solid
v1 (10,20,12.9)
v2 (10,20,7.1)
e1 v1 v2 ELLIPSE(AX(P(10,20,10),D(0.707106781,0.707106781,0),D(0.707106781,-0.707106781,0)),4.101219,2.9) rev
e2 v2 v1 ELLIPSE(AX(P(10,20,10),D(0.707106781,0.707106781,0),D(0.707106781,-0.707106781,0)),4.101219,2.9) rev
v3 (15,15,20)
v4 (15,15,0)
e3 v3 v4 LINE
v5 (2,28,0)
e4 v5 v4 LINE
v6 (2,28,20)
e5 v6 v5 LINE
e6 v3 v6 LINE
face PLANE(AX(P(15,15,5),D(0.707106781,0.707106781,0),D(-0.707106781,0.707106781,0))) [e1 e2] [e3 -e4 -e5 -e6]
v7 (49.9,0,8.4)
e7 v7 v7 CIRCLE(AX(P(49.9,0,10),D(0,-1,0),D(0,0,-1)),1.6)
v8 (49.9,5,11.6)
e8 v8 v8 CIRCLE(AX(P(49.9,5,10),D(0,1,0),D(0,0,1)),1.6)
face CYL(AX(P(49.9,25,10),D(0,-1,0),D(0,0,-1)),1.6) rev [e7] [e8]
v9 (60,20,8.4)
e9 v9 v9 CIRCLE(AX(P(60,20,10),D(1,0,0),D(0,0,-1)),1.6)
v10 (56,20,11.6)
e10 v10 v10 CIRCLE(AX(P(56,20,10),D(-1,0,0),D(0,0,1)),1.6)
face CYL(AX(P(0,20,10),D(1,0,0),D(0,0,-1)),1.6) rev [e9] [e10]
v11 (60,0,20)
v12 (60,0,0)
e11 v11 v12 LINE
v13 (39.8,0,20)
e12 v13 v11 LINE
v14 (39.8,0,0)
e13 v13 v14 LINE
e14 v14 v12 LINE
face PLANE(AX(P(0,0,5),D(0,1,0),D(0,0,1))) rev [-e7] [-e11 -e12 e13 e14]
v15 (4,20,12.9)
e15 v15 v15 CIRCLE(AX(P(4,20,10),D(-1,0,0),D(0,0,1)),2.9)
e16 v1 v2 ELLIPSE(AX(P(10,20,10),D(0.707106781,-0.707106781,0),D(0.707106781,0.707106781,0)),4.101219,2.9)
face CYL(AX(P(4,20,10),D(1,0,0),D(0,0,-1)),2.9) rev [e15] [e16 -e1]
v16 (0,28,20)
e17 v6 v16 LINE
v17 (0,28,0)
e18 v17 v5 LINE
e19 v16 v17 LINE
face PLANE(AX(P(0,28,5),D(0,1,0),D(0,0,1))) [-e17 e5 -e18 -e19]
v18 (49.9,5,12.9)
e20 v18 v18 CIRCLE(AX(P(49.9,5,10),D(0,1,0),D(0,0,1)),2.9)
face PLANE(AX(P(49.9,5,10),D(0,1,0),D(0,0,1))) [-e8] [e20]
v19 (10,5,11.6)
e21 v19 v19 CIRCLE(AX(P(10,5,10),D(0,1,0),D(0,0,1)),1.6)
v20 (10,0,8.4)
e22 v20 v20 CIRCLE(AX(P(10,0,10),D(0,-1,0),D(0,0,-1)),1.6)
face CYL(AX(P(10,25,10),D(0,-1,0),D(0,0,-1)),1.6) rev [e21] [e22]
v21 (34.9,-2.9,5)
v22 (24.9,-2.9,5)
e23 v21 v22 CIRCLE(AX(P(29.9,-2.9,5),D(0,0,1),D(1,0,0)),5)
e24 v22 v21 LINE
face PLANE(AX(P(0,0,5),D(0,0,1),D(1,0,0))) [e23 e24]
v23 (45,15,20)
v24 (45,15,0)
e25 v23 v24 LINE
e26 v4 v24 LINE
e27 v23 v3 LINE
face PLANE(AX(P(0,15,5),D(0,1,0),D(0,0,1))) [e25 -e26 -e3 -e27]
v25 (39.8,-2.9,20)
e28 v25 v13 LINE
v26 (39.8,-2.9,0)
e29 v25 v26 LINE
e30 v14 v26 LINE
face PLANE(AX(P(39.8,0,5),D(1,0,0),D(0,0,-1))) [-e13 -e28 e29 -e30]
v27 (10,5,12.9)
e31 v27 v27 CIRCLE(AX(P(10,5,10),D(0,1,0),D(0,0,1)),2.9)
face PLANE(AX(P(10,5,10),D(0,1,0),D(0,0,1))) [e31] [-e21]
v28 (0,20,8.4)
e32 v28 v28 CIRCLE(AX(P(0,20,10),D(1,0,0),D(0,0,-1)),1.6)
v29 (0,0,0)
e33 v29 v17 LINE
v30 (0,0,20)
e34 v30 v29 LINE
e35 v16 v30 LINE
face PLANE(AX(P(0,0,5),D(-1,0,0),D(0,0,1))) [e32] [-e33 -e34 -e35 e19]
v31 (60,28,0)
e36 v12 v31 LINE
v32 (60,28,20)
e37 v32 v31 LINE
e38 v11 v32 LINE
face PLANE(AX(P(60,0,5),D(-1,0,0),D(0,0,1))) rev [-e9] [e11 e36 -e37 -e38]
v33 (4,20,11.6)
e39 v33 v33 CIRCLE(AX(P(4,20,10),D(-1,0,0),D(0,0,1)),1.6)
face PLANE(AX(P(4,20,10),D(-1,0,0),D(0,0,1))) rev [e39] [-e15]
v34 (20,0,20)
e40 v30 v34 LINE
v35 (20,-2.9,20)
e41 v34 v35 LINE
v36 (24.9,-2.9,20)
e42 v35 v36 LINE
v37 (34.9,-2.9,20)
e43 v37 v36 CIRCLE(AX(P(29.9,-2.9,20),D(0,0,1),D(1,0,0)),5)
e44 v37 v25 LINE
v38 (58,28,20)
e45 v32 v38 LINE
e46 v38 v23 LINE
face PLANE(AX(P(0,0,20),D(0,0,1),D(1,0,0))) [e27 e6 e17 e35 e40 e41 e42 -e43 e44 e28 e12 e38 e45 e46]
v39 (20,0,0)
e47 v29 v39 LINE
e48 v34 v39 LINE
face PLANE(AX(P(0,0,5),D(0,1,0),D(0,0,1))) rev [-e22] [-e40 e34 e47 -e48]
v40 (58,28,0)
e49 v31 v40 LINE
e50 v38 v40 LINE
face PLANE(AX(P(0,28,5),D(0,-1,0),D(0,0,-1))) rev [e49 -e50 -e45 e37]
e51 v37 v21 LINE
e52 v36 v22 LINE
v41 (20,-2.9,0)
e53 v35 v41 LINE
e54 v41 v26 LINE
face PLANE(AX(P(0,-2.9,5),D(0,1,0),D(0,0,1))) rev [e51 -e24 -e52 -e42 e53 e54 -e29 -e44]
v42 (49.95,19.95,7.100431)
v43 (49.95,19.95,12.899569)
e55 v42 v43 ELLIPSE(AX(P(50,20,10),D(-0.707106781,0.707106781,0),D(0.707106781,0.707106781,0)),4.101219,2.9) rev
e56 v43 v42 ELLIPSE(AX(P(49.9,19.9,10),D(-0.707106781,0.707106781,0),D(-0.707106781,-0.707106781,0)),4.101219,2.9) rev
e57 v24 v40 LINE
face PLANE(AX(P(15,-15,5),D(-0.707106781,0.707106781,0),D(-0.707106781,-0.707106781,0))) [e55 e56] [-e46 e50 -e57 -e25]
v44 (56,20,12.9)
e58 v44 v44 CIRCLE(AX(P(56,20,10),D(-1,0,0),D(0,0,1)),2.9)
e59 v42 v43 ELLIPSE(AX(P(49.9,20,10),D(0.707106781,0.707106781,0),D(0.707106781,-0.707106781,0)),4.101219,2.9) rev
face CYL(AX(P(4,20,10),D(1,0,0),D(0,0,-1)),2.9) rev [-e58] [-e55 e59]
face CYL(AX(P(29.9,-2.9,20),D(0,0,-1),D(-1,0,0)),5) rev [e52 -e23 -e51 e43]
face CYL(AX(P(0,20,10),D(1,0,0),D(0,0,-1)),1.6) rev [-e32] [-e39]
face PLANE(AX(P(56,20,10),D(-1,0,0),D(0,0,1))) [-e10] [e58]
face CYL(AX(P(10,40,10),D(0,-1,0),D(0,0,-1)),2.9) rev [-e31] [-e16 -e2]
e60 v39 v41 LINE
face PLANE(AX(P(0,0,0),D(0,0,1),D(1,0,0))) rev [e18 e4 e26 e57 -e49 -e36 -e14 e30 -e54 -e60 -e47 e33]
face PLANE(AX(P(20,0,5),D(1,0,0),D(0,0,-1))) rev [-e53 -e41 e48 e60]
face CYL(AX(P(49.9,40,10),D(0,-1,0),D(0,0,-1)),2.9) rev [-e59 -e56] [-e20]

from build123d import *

# Parameters (mm, degrees)
BOSS_EXTRU_1_DEPTH           = 5
BOSS_EXTRU_2_DEPTH           = 15
ESQUISSE3_R                  = 1.6
ENL_V_MAT_EXTRU_1_DEPTH      = 70.166465863
ENL_V_MAT_EXTRU_2_DEPTH      = 26
ENL_V_MAT_EXTRU_2_DEPTH_BACK = 26
ESQUISSE4_R                  = 2.9
ESQUISSE4_R_2                = 1.6
ESQUISSE5_R                  = 1.6
ENL_V_MAT_EXTRU_3_DEPTH      = 25
ENL_V_MAT_EXTRU_4_DEPTH      = 25
ENL_V_MAT_EXTRU_4_DEPTH_BACK = 10
ESQUISSE6_R                  = 2.9
ESQUISSE6_R_2                = 1.6


with BuildPart() as part:
    # Esquisse1 → Boss.-Extru.1 (new body)
    with BuildSketch(Plane.XY):
        Polygon((15, 15), (2, 28), (0, 28), (0, 0), (20, 0), (20, -2.9), (39.8, -2.9), (39.8, 0), (60, 0), (60, 28), (58, 28), (45, 15), align=None)
    extrude(amount=BOSS_EXTRU_1_DEPTH)

    # Esquisse2 → Boss.-Extru.2 (add)
    with BuildSketch(Plane.XY.offset(5)):
        with BuildLine():
            Line((2, 28), (0, 28))
            Line((0, 28), (0, 0))
            Line((0, 0), (20, 0))
            Line((20, 0), (20, -2.9))
            Line((20, -2.9), (24.9, -2.9))
            ThreePointArc((24.9, -2.9), (29.9, 2.1), (34.9, -2.9))
            Line((34.9, -2.9), (39.8, -2.9))
            Line((39.8, -2.9), (39.8, 0))
            Line((39.8, 0), (60, 0))
            Line((60, 0), (60, 28))
            Line((60, 28), (58, 28))
            Line((58, 28), (45, 15))
            Line((45, 15), (15, 15))
            Line((15, 15), (2, 28))
        make_face()
    extrude(amount=BOSS_EXTRU_2_DEPTH)

    # Esquisse3 → Enlèv. mat.-Extru.1 (cut, through all)
    with BuildSketch(Plane(origin=(60, 0, 0), x_dir=(0, 0, -1), z_dir=(1, 0, 0))):
        with Locations((-10, 20)):
            Circle(ESQUISSE3_R)
    extrude(amount=-ENL_V_MAT_EXTRU_1_DEPTH, mode=Mode.SUBTRACT)

    # Esquisse4 → Enlèv. mat.-Extru.2 (cut, two sides: drawn at the far end of the back side and taken through both)
    with BuildSketch(Plane.ZY.offset(-30).offset(-ENL_V_MAT_EXTRU_2_DEPTH_BACK)):
        with Locations((10, 20)):
            Circle(ESQUISSE4_R)
        with Locations((10, 20)):
            Circle(ESQUISSE4_R_2, mode=Mode.SUBTRACT)
    extrude(amount=ENL_V_MAT_EXTRU_2_DEPTH + ENL_V_MAT_EXTRU_2_DEPTH_BACK, mode=Mode.SUBTRACT)

    # Esquisse5 → Enlèv. mat.-Extru.3 (cut)
    with BuildSketch(Plane.XZ):
        with Locations((49.9, 10)):
            Circle(ESQUISSE5_R)
        with Locations((10, 10)):
            Circle(ESQUISSE5_R)
    extrude(amount=-ENL_V_MAT_EXTRU_3_DEPTH, mode=Mode.SUBTRACT)

    # Esquisse6 → Enlèv. mat.-Extru.4 (cut, two sides: drawn at the far end of the back side and taken through both)
    # profile 1 of 2: a face of its own
    with BuildSketch(Plane(origin=(0, 15, 0), x_dir=(1, 0, 0), z_dir=(0, 1, 0)).offset(-ENL_V_MAT_EXTRU_4_DEPTH_BACK)):
        with Locations((10, -10)):
            Circle(ESQUISSE6_R)
        with Locations((10, -10)):
            Circle(ESQUISSE6_R_2, mode=Mode.SUBTRACT)
    # profile 2 of 2: a face of its own
    with BuildSketch(Plane(origin=(0, 15, 0), x_dir=(1, 0, 0), z_dir=(0, 1, 0)).offset(-ENL_V_MAT_EXTRU_4_DEPTH_BACK)):
        with Locations((49.9, -10)):
            Circle(ESQUISSE6_R)
        with Locations((49.9, -10)):
            Circle(ESQUISSE6_R_2, mode=Mode.SUBTRACT)
    extrude(amount=ENL_V_MAT_EXTRU_4_DEPTH + ENL_V_MAT_EXTRU_4_DEPTH_BACK, mode=Mode.SUBTRACT)


solid = part.part
